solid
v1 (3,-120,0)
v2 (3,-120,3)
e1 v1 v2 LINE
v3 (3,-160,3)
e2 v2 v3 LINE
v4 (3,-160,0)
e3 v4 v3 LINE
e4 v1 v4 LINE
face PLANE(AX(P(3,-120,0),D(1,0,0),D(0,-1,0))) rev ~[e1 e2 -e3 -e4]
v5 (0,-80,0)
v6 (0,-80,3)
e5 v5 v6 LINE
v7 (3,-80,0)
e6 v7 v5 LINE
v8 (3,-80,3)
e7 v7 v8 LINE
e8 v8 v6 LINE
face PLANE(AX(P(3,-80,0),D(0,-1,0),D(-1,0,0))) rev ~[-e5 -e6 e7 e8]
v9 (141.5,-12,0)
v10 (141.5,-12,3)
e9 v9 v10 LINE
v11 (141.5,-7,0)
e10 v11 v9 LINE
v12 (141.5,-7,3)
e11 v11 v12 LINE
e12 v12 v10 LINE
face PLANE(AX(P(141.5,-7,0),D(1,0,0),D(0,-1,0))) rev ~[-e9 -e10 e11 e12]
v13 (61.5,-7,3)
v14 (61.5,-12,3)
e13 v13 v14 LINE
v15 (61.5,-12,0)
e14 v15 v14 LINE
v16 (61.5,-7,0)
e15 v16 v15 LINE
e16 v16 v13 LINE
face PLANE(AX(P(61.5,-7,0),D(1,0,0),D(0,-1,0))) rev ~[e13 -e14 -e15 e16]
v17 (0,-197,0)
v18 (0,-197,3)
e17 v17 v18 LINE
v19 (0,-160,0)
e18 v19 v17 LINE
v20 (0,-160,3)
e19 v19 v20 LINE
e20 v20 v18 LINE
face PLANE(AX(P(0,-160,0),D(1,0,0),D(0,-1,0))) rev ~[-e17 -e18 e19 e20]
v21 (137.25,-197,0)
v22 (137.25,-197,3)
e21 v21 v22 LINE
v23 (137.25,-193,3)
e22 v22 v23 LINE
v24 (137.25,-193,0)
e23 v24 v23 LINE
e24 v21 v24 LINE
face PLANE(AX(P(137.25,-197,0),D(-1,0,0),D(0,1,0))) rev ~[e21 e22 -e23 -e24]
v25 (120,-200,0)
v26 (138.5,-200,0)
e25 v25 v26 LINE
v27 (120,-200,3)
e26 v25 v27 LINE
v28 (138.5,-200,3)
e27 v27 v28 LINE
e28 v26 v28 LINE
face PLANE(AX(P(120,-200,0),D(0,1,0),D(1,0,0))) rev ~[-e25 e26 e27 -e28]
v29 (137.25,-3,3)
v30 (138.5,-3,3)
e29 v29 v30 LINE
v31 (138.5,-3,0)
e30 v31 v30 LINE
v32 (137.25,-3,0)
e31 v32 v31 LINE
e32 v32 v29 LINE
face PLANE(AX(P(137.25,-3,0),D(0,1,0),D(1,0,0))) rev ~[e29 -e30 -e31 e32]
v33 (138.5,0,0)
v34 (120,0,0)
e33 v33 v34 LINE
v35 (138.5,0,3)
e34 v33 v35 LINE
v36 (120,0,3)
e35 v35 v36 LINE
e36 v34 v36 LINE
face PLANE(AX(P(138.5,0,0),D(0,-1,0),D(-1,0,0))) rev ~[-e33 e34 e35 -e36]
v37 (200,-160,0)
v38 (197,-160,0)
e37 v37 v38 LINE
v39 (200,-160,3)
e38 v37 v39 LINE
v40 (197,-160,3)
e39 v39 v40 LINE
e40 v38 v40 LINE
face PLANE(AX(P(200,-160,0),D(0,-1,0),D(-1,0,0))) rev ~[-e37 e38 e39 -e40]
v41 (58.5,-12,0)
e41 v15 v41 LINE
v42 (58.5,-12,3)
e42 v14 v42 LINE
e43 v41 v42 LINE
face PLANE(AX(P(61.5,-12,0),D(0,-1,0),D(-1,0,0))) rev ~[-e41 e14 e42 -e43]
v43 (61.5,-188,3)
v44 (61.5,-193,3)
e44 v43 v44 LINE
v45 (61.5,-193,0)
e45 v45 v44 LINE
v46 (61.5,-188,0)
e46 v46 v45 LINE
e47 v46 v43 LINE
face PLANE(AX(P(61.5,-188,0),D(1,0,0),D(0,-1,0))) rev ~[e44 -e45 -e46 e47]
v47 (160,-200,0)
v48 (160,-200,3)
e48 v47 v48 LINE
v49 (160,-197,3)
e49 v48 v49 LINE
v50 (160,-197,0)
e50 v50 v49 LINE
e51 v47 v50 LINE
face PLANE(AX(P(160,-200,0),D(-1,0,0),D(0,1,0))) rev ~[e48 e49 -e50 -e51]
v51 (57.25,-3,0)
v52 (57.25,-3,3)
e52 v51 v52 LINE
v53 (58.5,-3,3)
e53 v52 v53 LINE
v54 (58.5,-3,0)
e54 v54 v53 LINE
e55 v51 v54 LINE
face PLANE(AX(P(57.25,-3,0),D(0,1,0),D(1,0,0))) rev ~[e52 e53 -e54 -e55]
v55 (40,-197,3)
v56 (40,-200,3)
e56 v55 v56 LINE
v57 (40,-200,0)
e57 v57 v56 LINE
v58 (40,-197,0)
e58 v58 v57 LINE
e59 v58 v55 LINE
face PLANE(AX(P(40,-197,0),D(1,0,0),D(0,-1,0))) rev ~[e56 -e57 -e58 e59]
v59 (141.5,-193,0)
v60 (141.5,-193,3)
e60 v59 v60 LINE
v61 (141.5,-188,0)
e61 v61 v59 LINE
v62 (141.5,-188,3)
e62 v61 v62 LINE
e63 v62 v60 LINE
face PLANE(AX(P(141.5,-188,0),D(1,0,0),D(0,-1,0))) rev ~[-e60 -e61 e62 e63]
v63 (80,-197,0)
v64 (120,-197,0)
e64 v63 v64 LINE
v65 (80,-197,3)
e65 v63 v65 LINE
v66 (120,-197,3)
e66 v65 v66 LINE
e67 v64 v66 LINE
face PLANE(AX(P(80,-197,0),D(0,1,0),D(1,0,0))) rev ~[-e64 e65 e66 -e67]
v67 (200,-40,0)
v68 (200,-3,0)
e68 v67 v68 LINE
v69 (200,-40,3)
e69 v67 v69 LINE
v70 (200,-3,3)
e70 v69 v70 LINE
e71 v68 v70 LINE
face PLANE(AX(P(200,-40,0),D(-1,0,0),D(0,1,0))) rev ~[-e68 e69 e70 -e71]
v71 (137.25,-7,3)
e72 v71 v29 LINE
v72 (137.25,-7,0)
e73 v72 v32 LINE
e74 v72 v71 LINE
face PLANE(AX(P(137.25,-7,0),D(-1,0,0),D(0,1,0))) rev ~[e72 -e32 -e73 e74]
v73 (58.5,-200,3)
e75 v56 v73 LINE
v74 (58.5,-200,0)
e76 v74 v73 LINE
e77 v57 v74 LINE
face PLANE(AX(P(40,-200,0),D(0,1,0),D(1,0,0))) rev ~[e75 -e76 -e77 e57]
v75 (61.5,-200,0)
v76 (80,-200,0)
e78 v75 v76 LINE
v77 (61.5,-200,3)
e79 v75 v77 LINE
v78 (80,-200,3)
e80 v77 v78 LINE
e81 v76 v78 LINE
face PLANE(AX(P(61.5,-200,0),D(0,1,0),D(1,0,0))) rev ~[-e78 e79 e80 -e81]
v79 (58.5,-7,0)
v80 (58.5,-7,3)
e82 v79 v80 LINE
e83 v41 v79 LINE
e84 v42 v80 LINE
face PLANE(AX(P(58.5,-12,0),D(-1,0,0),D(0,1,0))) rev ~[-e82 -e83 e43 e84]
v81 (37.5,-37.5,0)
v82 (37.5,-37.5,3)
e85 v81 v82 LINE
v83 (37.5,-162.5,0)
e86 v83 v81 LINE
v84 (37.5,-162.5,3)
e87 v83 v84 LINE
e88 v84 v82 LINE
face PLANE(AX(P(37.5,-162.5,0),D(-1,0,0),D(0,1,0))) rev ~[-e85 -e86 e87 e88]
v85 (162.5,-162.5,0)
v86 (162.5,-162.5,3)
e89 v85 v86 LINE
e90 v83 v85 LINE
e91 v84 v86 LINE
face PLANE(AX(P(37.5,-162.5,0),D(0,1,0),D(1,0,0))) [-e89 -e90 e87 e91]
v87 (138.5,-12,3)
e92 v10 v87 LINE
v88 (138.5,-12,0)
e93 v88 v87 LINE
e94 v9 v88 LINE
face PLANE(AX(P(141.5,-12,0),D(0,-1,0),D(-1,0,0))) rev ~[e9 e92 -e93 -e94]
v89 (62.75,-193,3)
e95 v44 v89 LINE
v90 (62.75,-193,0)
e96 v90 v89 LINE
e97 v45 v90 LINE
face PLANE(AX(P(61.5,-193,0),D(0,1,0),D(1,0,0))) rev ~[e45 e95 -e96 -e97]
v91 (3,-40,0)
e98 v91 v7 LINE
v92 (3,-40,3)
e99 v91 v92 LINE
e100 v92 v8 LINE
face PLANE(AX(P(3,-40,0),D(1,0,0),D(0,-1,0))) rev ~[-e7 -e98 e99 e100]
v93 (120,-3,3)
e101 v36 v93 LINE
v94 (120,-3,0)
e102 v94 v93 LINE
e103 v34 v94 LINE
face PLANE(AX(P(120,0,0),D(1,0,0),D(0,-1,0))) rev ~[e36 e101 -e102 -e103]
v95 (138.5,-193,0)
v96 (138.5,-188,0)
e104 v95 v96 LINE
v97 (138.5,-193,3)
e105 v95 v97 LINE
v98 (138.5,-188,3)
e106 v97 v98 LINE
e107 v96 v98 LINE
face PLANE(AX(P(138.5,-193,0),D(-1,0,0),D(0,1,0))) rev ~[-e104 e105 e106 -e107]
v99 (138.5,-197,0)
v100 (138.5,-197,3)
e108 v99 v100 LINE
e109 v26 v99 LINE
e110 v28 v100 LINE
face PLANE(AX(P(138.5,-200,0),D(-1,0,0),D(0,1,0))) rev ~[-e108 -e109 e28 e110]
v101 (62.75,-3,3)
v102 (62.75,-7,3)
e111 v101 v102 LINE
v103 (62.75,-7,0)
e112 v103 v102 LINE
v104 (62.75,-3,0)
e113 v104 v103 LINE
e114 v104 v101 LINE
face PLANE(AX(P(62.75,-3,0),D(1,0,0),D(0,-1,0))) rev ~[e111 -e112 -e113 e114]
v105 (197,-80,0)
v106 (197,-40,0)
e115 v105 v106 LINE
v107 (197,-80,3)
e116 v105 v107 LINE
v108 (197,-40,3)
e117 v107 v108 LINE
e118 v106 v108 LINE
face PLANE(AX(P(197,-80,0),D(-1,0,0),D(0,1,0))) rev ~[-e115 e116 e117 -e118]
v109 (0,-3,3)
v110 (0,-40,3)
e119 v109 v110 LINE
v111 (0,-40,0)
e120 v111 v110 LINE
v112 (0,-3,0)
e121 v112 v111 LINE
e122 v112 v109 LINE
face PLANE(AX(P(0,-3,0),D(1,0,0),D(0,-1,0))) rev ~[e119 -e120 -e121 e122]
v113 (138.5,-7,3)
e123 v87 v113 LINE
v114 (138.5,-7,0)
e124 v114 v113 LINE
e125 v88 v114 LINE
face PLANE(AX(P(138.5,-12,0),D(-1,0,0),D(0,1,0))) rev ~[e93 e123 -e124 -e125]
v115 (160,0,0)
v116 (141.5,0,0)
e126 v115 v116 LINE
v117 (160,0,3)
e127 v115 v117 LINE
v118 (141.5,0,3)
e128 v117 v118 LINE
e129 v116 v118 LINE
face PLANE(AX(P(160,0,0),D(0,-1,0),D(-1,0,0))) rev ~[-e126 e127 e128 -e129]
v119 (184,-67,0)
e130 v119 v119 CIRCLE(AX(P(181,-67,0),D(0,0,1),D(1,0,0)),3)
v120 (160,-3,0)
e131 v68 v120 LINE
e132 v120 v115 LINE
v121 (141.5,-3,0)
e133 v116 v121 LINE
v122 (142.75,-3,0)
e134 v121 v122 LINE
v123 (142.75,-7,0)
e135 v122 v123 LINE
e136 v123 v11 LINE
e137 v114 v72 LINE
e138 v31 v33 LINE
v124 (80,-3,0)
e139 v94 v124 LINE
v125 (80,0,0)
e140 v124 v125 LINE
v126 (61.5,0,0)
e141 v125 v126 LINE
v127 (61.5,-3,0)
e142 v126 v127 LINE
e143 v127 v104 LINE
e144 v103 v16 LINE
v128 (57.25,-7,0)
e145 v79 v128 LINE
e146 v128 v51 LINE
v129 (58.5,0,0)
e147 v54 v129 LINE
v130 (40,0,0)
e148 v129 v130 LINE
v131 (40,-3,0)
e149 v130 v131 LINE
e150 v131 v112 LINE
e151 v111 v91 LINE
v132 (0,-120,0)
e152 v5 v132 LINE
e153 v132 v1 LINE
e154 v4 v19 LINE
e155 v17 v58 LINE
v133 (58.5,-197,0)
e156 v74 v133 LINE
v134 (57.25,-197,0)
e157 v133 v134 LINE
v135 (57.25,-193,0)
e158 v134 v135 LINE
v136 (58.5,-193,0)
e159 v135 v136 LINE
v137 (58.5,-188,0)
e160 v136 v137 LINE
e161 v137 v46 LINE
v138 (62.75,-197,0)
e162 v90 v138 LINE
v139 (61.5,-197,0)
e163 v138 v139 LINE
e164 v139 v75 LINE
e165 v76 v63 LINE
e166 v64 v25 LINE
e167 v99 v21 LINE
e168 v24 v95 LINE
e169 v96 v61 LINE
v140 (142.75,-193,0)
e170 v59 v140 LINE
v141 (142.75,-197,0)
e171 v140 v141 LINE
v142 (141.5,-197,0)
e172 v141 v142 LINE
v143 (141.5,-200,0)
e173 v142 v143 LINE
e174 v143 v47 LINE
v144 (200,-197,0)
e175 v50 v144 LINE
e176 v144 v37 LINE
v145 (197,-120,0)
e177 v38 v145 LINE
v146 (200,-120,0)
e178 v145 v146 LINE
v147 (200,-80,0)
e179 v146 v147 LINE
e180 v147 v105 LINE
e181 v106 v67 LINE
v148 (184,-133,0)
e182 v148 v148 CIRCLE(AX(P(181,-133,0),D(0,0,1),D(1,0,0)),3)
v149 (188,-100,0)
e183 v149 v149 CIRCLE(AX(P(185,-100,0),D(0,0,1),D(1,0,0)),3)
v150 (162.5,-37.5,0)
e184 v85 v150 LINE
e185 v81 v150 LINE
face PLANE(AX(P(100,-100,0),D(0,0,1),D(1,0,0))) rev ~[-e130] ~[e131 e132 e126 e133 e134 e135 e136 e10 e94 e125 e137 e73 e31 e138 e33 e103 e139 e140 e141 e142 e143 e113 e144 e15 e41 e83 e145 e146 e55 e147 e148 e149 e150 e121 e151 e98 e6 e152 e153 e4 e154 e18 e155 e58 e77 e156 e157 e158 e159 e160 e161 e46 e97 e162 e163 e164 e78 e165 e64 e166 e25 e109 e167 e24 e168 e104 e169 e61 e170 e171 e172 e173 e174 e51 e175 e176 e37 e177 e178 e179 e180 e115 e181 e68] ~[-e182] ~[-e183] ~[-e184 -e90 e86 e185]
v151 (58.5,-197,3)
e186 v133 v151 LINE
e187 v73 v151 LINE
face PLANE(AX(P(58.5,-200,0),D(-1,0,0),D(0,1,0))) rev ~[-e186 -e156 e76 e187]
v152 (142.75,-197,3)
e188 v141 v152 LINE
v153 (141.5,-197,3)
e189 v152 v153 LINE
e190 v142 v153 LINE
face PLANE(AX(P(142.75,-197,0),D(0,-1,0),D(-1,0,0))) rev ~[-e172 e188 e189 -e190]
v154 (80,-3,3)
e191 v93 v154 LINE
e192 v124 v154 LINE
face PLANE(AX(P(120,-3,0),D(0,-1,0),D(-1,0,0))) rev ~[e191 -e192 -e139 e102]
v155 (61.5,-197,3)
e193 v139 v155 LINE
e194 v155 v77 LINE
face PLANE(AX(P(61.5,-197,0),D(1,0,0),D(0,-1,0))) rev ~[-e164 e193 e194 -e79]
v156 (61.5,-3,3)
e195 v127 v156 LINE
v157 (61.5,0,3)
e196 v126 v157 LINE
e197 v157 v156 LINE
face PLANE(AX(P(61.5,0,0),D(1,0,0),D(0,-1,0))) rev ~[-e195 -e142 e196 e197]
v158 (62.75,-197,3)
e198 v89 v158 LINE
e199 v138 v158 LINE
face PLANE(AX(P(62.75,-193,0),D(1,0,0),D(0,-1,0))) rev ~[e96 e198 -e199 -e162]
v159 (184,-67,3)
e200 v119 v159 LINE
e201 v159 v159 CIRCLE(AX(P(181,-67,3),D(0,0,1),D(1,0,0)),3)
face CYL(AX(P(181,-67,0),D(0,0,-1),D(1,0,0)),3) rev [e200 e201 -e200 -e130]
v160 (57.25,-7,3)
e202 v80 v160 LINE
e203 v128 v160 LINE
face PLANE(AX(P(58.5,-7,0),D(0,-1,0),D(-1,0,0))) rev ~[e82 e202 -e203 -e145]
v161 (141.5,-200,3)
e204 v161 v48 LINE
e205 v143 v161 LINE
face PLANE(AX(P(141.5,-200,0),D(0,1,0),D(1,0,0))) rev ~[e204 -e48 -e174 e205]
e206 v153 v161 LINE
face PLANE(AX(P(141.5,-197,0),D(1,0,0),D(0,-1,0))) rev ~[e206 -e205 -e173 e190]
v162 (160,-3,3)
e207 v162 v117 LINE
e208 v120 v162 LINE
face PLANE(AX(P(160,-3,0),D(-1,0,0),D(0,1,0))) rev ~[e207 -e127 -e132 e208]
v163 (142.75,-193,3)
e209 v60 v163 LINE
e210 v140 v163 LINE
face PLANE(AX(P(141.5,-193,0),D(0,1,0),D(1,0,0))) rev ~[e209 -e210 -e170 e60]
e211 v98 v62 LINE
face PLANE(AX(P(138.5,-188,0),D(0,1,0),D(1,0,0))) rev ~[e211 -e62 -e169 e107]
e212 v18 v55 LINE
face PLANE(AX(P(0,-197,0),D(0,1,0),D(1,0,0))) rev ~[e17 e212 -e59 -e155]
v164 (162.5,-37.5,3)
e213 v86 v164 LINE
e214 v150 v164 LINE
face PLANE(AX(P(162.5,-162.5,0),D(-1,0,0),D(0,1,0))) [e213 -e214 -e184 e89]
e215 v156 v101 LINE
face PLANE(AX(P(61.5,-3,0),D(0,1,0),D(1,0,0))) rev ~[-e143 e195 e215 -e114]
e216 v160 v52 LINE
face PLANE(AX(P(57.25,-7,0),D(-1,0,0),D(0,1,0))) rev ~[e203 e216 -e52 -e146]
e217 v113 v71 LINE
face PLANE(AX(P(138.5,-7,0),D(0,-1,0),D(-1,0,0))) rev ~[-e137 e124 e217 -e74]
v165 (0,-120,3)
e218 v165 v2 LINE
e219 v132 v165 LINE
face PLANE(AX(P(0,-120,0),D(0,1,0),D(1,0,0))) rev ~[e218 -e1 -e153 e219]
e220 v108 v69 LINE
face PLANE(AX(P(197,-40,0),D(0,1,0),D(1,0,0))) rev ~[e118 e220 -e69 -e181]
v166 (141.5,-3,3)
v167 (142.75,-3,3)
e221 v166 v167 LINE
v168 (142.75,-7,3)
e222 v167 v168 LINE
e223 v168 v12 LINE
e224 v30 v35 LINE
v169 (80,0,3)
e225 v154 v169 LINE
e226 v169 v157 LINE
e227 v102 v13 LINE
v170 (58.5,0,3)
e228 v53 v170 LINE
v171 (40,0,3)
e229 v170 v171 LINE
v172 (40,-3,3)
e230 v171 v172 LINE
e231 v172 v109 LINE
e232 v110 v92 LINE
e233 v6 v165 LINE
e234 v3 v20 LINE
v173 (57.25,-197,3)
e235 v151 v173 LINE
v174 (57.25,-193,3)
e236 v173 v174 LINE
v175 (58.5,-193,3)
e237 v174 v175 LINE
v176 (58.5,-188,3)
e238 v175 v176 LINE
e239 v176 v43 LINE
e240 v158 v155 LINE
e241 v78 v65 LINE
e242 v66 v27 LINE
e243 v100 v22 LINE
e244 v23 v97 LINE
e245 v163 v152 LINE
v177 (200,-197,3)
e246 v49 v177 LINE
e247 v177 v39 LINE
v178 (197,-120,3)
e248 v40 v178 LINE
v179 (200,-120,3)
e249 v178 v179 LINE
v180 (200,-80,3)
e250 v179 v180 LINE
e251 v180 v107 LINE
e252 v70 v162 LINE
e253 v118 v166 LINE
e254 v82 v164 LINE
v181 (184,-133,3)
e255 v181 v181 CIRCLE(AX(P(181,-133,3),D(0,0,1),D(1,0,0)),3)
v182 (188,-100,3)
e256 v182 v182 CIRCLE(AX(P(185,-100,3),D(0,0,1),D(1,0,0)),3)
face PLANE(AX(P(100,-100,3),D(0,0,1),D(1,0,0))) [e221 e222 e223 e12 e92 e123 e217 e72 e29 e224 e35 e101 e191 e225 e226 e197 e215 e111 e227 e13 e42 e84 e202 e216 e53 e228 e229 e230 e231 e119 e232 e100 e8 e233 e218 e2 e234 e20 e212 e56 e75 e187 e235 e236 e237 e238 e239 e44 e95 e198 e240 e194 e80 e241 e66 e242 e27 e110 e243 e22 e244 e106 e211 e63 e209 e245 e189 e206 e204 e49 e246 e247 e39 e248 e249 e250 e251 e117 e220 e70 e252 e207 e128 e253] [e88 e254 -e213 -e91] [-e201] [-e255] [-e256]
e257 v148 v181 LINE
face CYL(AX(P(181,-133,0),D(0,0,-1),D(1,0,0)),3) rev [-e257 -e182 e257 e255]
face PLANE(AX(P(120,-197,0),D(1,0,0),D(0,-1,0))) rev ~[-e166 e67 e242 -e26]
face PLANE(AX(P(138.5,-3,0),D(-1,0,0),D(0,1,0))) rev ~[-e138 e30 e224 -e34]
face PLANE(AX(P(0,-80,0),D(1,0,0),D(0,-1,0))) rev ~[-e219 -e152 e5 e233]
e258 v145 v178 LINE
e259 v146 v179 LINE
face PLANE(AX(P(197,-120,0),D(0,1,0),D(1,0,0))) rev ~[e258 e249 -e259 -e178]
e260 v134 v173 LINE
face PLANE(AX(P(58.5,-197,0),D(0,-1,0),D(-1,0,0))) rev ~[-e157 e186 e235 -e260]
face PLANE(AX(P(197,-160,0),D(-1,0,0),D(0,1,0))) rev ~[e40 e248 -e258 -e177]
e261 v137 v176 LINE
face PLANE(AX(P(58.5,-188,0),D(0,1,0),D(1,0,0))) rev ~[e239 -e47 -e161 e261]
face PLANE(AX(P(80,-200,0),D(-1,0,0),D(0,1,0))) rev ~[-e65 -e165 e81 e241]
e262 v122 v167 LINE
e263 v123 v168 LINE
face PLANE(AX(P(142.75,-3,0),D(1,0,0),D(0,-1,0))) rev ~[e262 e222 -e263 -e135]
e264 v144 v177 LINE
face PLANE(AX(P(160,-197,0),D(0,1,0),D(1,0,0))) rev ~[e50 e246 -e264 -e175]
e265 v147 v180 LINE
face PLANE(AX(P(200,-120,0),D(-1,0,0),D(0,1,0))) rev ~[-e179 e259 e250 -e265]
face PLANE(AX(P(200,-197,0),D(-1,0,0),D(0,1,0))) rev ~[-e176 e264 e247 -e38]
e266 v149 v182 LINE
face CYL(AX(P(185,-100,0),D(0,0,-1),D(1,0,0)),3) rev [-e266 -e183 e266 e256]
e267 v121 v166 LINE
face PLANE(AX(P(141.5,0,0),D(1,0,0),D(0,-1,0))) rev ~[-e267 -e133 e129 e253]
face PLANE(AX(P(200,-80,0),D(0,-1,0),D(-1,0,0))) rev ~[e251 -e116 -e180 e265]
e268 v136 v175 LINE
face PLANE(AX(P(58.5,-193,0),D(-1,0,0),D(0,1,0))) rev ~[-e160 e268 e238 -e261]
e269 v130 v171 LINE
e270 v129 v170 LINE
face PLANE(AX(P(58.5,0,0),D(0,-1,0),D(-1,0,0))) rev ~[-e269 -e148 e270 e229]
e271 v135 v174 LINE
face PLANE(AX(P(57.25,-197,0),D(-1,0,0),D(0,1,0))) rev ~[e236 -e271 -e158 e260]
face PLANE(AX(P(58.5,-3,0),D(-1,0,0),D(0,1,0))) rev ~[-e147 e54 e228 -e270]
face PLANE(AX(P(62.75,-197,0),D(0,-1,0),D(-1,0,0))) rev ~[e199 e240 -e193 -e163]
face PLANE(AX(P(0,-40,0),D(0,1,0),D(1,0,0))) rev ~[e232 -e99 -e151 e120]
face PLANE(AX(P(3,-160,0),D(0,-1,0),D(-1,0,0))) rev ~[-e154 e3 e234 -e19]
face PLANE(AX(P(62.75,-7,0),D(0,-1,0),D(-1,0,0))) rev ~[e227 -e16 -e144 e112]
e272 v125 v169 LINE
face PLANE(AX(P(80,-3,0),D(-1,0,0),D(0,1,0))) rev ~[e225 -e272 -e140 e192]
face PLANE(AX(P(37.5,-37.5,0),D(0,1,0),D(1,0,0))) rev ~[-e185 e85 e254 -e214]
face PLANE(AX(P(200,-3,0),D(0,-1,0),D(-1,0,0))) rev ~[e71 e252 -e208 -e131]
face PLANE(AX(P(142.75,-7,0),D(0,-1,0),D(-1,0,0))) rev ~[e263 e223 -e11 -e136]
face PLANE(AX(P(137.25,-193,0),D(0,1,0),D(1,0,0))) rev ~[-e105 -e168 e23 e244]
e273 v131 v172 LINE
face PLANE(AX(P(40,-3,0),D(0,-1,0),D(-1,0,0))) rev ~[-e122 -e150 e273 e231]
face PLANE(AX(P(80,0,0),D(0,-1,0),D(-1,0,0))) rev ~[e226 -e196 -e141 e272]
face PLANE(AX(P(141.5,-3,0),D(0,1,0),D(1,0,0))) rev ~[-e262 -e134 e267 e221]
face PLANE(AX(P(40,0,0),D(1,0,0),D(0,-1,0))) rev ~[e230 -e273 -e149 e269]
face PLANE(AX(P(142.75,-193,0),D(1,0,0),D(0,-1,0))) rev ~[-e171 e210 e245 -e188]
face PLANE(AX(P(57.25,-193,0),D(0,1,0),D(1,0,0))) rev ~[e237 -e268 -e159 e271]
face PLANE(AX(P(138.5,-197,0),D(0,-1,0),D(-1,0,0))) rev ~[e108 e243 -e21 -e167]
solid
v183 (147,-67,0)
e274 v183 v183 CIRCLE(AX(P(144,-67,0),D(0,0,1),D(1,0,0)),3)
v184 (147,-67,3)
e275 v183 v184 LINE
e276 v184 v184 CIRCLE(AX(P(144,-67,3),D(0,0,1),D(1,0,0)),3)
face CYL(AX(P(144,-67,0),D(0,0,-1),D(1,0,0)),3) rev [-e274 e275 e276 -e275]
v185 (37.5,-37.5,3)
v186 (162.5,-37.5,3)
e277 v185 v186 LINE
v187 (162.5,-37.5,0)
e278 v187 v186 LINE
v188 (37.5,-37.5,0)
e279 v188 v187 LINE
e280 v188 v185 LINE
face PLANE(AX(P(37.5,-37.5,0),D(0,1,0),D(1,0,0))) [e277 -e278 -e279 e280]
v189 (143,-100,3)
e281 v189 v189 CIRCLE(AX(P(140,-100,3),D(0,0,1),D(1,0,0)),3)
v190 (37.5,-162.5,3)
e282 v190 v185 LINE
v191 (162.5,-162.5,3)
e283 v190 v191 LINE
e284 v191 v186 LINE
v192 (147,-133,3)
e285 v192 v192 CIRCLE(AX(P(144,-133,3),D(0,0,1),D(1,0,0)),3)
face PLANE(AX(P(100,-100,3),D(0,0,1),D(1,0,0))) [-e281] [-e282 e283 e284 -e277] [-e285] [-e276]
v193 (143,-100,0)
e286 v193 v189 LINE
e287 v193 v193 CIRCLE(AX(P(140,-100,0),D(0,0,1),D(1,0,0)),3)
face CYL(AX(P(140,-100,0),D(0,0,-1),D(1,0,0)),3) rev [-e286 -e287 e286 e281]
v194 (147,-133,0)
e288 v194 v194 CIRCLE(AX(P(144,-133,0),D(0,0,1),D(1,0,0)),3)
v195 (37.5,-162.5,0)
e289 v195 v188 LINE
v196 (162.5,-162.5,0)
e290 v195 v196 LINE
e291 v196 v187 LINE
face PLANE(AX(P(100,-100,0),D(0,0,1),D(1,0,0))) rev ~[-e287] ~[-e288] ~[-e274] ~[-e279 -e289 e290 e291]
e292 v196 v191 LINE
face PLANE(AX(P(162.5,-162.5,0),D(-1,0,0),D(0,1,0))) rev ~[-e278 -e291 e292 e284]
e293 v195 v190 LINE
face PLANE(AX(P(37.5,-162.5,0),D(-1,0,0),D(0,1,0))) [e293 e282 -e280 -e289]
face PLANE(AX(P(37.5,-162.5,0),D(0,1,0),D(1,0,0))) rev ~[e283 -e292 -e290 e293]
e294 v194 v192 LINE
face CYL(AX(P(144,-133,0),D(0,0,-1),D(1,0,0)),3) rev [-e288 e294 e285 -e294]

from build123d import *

# Parameters (mm, degrees)
SKETCH_1_W      = 125
SKETCH_1_H      = 125
SKETCH_1_R      = 3
EXTRUDE_2_DEPTH = 3
SKETCH_1_6_W    = 125
SKETCH_1_6_H    = 125
SKETCH_1_6_R    = 3
EXTRUDE_4_DEPTH = 3


with BuildPart() as part:
    # 草图1 → 凸台-拉伸2 (new body)
    with BuildSketch(Plane.XY):
        Polygon((120, -3), (80, -3), (80, 0), (61.5, 0), (61.5, -3), (62.75, -3), (62.75, -7), (61.5, -7), (61.5, -12), (58.5, -12), (58.5, -7), (57.25, -7), (57.25, -3), (58.5, -3), (58.5, 0), (40, 0), (40, -3), (0, -3), (0, -40), (3, -40), (3, -80), (0, -80), (0, -120), (3, -120), (3, -160), (0, -160), (0, -197), (40, -197), (40, -200), (58.5, -200), (58.5, -197), (57.25, -197), (57.25, -193), (58.5, -193), (58.5, -188), (61.5, -188), (61.5, -193), (62.75, -193), (62.75, -197), (61.5, -197), (61.5, -200), (80, -200), (80, -197), (120, -197), (120, -200), (138.5, -200), (138.5, -197), (137.25, -197), (137.25, -193), (138.5, -193), (138.5, -188), (141.5, -188), (141.5, -193), (142.75, -193), (142.75, -197), (141.5, -197), (141.5, -200), (160, -200), (160, -197), (200, -197), (200, -160), (197, -160), (197, -120), (200, -120), (200, -80), (197, -80), (197, -40), (200, -40), (200, -3), (160, -3), (160, 0), (141.5, 0), (141.5, -3), (142.75, -3), (142.75, -7), (141.5, -7), (141.5, -12), (138.5, -12), (138.5, -7), (137.25, -7), (137.25, -3), (138.5, -3), (138.5, 0), (120, 0), align=None)
        with Locations((100, -100)):
            Rectangle(SKETCH_1_W, SKETCH_1_H, mode=Mode.SUBTRACT)
        with Locations((185, -100)):
            Circle(SKETCH_1_R, mode=Mode.SUBTRACT)
        with Locations((181, -67)):
            Circle(SKETCH_1_R, mode=Mode.SUBTRACT)
        with Locations((181, -133)):
            Circle(SKETCH_1_R, mode=Mode.SUBTRACT)
    extrude(amount=EXTRUDE_2_DEPTH)


with BuildPart() as body_2:
    # 草图1<6> → 凸台-拉伸4 (new body)
    with BuildSketch(Plane.XY):
        with Locations((100, -100)):
            Rectangle(SKETCH_1_6_W, SKETCH_1_6_H)
        with Locations((140, -100)):
            Circle(SKETCH_1_6_R, mode=Mode.SUBTRACT)
        with Locations((144, -67)):
            Circle(SKETCH_1_6_R, mode=Mode.SUBTRACT)
        with Locations((144, -133)):
            Circle(SKETCH_1_6_R, mode=Mode.SUBTRACT)
    extrude(amount=EXTRUDE_4_DEPTH)


solid = Compound([part.part, body_2.part])
